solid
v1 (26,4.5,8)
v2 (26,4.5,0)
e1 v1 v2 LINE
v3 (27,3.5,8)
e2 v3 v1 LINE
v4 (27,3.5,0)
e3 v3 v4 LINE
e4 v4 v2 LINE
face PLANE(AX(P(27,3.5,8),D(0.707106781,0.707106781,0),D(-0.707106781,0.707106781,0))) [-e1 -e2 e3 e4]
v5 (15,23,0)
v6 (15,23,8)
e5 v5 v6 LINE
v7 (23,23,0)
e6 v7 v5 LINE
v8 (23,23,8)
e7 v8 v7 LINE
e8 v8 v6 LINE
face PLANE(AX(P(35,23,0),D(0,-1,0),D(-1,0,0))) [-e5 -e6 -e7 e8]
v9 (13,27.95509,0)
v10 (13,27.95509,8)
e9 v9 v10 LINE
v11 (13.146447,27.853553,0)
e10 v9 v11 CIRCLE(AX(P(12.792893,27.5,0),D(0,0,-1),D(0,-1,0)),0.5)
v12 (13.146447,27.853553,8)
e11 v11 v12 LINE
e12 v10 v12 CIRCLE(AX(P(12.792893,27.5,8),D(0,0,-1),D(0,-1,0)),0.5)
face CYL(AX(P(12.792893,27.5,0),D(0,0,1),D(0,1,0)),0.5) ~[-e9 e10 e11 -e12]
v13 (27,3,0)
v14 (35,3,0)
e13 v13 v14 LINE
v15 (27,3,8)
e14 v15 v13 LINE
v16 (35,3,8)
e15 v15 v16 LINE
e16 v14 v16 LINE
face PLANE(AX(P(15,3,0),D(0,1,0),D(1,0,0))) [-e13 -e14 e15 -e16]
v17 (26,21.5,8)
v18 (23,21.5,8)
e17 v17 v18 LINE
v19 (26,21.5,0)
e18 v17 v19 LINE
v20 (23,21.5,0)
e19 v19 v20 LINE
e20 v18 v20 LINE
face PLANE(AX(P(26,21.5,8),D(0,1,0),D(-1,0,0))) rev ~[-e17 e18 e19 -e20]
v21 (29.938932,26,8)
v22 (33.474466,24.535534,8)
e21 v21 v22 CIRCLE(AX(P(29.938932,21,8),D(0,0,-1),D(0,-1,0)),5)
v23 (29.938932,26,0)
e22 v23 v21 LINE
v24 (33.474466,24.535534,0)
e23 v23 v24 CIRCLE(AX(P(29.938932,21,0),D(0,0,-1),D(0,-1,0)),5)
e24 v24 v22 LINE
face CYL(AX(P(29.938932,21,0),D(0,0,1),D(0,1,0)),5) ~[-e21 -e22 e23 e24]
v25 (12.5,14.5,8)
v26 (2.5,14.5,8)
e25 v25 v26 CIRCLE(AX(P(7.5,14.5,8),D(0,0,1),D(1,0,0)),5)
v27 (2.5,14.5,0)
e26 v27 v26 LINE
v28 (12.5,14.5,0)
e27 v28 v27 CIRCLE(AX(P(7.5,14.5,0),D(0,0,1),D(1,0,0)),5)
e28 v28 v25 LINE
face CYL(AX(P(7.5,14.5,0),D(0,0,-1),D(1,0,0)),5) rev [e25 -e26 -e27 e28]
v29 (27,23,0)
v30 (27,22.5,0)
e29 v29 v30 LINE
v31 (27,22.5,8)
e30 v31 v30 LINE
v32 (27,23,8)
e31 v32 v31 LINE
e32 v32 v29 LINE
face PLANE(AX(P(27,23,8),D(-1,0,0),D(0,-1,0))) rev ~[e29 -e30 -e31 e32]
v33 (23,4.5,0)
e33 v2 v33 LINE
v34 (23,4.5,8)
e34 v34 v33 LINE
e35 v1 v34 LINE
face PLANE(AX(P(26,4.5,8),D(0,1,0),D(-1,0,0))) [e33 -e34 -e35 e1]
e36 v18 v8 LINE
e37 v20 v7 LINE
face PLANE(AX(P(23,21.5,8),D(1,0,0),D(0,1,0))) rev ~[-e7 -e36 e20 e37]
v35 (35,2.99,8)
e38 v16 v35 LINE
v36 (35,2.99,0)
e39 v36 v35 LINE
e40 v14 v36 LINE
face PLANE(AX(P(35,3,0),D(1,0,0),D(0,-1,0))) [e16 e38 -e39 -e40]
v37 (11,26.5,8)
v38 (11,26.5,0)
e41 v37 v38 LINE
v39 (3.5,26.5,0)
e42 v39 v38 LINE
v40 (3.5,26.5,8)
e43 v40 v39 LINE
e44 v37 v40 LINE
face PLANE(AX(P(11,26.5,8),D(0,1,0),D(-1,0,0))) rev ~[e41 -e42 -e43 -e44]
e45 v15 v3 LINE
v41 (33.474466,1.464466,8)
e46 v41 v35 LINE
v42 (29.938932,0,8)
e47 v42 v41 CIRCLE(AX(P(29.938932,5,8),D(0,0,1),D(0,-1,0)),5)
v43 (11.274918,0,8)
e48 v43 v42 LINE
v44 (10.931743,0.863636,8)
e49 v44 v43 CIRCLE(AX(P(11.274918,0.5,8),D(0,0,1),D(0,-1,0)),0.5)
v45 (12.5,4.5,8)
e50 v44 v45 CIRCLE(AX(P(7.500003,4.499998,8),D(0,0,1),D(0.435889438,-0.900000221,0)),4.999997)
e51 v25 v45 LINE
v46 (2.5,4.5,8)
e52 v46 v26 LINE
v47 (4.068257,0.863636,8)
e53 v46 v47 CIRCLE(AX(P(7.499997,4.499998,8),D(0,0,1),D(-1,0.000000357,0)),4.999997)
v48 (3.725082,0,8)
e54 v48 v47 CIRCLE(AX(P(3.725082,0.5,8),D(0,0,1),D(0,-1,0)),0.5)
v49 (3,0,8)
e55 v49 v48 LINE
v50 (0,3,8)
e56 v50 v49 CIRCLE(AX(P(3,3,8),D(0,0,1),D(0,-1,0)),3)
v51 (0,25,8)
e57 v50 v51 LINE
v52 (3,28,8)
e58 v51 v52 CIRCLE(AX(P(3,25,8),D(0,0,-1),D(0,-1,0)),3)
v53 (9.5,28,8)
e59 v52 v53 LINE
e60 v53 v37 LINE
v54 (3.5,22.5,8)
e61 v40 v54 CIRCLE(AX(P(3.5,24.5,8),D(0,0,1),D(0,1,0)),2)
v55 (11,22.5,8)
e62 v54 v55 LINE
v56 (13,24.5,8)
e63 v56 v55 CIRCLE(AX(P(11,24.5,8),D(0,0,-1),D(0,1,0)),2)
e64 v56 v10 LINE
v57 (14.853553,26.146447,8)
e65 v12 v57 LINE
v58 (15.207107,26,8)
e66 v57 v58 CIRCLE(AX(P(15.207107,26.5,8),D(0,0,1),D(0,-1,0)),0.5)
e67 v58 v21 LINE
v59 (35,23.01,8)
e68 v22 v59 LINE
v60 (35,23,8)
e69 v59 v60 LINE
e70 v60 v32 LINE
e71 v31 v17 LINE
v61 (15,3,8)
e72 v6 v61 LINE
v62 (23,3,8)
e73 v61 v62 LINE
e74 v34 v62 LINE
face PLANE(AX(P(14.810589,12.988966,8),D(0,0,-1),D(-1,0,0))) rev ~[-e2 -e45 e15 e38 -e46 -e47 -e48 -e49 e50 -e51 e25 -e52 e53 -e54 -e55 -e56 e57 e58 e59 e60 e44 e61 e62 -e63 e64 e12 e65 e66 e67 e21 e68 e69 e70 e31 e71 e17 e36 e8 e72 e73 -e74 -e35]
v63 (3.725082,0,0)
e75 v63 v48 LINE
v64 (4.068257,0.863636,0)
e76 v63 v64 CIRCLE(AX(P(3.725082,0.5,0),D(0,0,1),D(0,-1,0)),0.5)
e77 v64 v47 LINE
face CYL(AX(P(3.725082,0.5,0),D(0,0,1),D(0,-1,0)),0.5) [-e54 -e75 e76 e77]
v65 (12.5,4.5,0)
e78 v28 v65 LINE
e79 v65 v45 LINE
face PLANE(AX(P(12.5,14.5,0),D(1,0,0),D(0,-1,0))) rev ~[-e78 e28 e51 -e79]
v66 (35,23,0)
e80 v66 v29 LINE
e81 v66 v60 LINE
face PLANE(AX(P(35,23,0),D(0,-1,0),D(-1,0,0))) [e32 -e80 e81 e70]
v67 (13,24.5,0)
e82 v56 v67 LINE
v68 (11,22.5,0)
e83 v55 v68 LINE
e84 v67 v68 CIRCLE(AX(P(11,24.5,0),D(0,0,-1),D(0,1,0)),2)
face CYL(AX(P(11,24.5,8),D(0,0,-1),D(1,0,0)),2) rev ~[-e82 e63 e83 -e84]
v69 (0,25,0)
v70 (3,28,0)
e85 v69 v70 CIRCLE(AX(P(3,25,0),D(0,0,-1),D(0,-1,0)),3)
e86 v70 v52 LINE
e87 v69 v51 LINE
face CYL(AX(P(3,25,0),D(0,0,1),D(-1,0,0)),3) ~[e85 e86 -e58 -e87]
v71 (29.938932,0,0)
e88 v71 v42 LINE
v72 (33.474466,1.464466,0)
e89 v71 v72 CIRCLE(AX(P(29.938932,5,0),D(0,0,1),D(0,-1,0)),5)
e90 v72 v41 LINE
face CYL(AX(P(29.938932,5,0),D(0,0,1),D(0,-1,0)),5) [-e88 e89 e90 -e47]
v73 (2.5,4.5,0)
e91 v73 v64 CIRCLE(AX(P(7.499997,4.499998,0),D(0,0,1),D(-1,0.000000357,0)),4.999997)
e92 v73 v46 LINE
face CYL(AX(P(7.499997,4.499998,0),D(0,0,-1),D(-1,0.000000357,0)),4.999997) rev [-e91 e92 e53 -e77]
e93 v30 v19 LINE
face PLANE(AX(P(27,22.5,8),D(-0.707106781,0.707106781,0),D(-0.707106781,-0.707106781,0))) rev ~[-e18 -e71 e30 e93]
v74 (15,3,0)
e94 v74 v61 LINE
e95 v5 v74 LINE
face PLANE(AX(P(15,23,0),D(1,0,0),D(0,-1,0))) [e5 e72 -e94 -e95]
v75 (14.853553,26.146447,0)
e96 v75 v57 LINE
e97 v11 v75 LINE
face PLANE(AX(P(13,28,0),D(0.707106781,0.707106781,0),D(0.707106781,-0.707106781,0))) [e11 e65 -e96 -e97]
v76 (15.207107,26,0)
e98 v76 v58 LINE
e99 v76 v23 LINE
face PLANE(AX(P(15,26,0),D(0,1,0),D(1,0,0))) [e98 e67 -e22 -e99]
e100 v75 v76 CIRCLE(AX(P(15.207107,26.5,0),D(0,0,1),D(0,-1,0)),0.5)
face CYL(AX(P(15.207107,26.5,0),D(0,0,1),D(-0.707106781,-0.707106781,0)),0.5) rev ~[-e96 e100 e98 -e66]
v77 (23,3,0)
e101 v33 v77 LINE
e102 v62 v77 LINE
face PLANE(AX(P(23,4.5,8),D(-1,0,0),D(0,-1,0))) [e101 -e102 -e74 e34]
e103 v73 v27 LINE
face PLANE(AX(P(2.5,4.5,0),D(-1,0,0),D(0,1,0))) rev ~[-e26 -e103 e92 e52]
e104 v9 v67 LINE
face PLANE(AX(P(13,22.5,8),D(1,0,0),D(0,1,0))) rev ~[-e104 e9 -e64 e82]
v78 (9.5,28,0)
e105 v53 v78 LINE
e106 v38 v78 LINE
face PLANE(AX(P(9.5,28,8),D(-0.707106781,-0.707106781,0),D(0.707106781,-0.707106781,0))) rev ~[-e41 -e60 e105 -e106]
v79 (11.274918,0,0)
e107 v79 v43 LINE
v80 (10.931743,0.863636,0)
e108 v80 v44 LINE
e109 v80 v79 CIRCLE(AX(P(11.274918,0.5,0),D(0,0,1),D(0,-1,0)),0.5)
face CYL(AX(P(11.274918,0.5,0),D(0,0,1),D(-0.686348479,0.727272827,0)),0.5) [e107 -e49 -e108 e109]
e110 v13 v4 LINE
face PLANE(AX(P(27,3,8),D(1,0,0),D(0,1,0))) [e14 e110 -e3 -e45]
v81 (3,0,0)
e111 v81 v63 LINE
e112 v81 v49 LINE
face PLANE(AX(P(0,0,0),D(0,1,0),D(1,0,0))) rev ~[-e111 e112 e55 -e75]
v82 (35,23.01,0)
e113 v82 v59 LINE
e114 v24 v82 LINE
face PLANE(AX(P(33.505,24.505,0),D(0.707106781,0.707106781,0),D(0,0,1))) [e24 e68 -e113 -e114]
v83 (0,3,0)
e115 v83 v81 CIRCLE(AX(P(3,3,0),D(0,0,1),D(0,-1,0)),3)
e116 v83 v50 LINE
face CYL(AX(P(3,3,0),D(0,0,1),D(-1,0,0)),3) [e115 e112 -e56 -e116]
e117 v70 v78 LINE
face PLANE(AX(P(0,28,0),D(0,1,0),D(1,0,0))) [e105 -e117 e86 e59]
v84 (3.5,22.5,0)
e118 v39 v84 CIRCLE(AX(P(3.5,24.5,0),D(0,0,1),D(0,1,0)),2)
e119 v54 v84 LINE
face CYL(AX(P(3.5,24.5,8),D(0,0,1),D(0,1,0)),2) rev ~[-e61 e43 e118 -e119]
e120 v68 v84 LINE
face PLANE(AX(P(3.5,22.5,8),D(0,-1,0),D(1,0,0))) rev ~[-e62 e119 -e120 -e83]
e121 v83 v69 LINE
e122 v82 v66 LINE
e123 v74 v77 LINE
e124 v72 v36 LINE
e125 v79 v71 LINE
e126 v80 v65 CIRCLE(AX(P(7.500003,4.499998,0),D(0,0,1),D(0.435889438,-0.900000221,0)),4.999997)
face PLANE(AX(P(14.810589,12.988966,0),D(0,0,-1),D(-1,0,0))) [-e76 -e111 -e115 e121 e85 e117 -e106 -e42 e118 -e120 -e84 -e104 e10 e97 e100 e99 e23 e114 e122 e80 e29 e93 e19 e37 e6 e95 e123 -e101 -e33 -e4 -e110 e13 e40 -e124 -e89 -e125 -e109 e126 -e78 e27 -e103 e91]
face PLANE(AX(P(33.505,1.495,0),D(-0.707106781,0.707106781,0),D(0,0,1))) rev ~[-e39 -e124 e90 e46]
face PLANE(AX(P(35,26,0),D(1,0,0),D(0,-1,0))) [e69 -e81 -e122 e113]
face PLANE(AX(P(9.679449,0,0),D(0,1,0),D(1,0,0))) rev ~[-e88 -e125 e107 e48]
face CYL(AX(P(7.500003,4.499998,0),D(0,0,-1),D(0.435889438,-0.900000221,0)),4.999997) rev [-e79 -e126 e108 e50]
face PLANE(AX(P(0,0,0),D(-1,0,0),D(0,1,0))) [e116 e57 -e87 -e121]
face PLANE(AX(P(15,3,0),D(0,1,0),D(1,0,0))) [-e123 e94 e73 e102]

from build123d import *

# Parameters (mm, degrees)
PAD_DEPTH    = 8
PAD001_DEPTH = 8
FILLET_R     = 3
FILLET001_R  = 0.5
CHAMFER_SIZE = 2.99
FILLET002_R  = 5
POCKET_DEPTH = 8.001
FILLET003_R  = 2


with BuildPart() as part:
    # Sketch → Pad (new body)
    with BuildSketch(Plane.XY):
        with BuildLine():
            Line((0, 0), (0, 28))
            Line((0, 28), (13, 28))
            Line((13, 28), (15, 26))
            Line((15, 26), (35, 26))
            Line((35, 26), (35, 23))
            Line((35, 23), (15, 23))
            Line((15, 23), (15, 3))
            Line((15, 3), (35, 3))
            Line((35, 3), (35, 0))
            Line((9.679449, 0), (35, 0))
            ThreePointArc((9.679449, 0), (11.736582, 1.844557), (12.5, 4.5))
            Line((12.5, 14.5), (12.5, 4.5))
            ThreePointArc((12.5, 14.5), (7.5, 19.5), (2.5, 14.5))
            Line((2.5, 4.5), (2.5, 14.5))
            ThreePointArc((2.5, 4.5), (3.263418, 1.844557), (5.320551, 0))
            Line((0, 0), (5.320551, 0))
        make_face()
    extrude(amount=PAD_DEPTH)

    # Sketch001 (on Face18 of Pad) → Pad001 (join)
    with BuildSketch(Plane.XY.offset(8)):
        Polygon((23, 23), (27, 23), (27, 22.5), (26, 21.5), (23, 21.5), align=None)
        Polygon((23, 3), (27, 3), (27, 3.5), (26, 4.5), (23, 4.5), align=None)
    extrude(amount=-PAD001_DEPTH)

    # Fillet
    fillet_edges = [part.edges().sort_by_distance(p)[0] for p in [
        (0, 0, 4),
        (0, 28, 4),
    ]]
    fillet(fillet_edges, radius=FILLET_R)

    # Fillet001
    fillet001_edges = [part.edges().sort_by_distance(p)[0] for p in [
        (15, 26, 4),
        (13, 28, 4),
        (5.320551, 0, 4),
        (9.679449, 0, 4),
    ]]
    fillet(fillet001_edges, radius=FILLET001_R)

    # Chamfer
    chamfer_edges = [part.edges().sort_by_distance(p)[0] for p in [
        (35, 26, 4),
        (35, 0, 4),
    ]]
    chamfer(chamfer_edges, length=CHAMFER_SIZE)

    # Fillet002
    fillet002_edges = [part.edges().sort_by_distance(p)[0] for p in [
        (32.01, 26, 4),
        (32.01, 0, 4),
    ]]
    fillet(fillet002_edges, radius=FILLET002_R)

    # Sketch002 (on Face32 of Fillet002) → Pocket (cut, through all)
    with BuildSketch(Plane.XY.offset(8)):
        with BuildLine():
            Line((9.5, 28), (11, 26.5))
            Line((11, 26.5), (3.5, 26.5))
            ThreePointArc((3.5, 26.5), (1.5, 24.5), (3.5, 22.5))
            Line((3.5, 22.5), (13, 22.5))
            Line((13, 22.5), (13, 28))
            Line((9.5, 28), (13, 28))
        make_face()
    extrude(amount=-POCKET_DEPTH, mode=Mode.SUBTRACT)

    # Fillet003
    fillet003_edges = [part.edges().sort_by_distance(p)[0] for p in [
        (13, 22.5, 4),
    ]]
    fillet(fillet003_edges, radius=FILLET003_R)


solid = part.part
